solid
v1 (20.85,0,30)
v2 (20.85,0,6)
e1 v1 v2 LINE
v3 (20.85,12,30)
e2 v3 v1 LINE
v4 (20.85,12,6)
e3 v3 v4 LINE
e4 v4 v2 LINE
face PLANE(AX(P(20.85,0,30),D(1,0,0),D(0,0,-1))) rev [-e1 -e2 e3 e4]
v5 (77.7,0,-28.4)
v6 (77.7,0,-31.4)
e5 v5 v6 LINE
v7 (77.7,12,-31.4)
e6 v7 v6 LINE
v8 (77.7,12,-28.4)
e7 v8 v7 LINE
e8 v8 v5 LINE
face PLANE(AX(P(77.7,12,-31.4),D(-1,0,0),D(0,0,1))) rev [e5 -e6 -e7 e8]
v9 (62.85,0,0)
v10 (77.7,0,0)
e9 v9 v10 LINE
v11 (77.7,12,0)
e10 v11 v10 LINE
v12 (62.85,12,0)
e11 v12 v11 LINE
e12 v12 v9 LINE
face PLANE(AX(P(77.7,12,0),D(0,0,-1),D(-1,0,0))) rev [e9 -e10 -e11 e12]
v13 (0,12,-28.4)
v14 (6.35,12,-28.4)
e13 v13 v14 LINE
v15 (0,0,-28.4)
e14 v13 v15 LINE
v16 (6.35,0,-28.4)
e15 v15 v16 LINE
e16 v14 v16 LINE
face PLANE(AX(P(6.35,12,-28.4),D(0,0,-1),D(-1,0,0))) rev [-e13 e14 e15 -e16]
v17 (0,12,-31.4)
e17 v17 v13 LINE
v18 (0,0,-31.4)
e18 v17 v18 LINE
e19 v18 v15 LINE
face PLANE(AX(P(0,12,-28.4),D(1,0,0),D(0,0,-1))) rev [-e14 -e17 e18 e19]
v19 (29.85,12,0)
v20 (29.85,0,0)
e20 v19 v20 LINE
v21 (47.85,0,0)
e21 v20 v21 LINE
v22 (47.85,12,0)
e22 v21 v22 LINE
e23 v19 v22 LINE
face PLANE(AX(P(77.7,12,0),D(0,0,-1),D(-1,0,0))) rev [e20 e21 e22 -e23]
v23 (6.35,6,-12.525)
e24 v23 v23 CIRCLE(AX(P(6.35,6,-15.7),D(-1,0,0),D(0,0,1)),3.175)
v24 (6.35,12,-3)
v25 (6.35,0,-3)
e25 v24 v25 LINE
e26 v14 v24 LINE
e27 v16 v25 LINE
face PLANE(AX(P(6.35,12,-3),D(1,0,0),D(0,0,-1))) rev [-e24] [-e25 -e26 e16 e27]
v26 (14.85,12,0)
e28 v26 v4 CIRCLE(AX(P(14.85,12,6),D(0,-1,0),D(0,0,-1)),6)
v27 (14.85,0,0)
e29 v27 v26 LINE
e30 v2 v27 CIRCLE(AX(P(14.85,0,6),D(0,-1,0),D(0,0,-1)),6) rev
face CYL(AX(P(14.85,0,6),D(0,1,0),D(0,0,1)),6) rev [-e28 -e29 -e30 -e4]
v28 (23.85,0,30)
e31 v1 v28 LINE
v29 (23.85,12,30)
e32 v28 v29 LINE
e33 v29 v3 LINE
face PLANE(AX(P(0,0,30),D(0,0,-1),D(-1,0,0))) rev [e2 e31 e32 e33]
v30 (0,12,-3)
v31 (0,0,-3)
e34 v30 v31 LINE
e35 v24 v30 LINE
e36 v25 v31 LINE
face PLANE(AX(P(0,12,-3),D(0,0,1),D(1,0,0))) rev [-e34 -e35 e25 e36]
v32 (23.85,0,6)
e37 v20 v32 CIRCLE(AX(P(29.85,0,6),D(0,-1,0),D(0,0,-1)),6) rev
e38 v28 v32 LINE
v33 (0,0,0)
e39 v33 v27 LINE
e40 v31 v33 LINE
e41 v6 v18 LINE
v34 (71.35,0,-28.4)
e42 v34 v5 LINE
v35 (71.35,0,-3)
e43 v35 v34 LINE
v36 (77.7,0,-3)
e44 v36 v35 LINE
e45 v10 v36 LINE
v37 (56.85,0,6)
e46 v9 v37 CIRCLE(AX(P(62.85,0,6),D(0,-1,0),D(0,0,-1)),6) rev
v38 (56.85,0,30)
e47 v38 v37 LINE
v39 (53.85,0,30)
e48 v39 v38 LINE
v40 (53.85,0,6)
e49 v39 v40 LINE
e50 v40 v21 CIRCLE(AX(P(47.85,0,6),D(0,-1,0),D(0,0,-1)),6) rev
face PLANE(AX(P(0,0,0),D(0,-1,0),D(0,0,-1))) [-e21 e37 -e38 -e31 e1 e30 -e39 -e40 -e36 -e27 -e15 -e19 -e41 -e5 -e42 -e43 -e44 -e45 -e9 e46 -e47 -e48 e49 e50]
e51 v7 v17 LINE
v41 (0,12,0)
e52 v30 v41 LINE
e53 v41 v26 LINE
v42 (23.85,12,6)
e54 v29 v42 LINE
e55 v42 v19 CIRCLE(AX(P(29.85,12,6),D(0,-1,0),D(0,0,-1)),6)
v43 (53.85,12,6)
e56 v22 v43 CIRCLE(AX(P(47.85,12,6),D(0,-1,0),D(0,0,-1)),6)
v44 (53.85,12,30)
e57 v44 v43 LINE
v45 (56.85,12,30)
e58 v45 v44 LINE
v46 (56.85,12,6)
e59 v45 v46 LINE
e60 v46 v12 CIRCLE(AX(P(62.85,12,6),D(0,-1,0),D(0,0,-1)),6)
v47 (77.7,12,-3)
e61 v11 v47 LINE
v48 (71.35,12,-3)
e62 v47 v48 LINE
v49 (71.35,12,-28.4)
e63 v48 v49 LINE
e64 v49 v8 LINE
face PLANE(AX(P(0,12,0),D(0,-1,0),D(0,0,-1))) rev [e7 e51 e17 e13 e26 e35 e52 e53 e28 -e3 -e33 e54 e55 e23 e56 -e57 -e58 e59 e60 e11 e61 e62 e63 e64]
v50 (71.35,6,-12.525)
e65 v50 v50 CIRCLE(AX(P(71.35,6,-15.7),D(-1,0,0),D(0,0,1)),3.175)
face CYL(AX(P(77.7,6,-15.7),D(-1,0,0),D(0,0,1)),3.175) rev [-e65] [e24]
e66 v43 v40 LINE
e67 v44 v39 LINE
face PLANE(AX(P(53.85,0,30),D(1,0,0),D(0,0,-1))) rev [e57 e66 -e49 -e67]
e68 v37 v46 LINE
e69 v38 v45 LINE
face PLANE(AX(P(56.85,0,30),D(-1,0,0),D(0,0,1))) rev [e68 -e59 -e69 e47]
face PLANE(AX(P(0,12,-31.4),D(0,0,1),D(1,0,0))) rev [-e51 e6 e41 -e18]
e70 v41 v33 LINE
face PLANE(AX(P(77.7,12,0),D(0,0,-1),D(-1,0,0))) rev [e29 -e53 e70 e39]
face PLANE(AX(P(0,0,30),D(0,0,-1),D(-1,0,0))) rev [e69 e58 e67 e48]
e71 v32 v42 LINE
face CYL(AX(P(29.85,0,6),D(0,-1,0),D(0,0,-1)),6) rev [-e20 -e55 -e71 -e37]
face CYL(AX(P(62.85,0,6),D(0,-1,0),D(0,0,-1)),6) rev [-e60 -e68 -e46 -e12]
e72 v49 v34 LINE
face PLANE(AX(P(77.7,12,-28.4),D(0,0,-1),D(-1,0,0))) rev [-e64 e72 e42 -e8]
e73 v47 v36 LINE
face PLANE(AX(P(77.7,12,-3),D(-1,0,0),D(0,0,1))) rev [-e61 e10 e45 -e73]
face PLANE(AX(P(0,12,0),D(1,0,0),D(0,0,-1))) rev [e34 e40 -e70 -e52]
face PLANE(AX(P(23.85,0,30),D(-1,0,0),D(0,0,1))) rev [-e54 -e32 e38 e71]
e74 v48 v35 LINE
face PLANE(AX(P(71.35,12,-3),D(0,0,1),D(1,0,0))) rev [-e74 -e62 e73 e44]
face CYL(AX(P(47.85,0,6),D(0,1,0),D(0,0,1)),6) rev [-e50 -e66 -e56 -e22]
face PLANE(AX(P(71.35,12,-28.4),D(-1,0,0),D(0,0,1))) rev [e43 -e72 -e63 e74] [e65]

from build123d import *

# Parameters (mm, degrees)
BOSS_EXTRUDE1_DEPTH = 12
SKETCH2_R           = 3.175
CUT_EXTRUDE1_DEPTH  = 79.871937341
SKETCH3_W           = 3
SKETCH3_H           = 12
BOSS_EXTRUDE2_DEPTH = 30
FILLET1_R           = 6


with BuildPart() as part:
    # Sketch1 → Boss-Extrude1 (new body)
    with BuildSketch(Plane(origin=(0, 0, 0), x_dir=(1, 0, 0), z_dir=(0, 1, 0))):
        Polygon((0, 0), (0, 3), (6.35, 3), (6.35, 28.4), (0, 28.4), (0, 31.4), (77.7, 31.4), (77.7, 28.4), (71.35, 28.4), (71.35, 3), (77.7, 3), (77.7, 0), align=None)
    extrude(amount=BOSS_EXTRUDE1_DEPTH)

    # Sketch2 → Cut-Extrude1 (cut, through all)
    with BuildSketch(Plane.ZY.offset(-6.35)):
        with Locations((-15.7, 6)):
            Circle(SKETCH2_R)
    extrude(amount=-CUT_EXTRUDE1_DEPTH, mode=Mode.SUBTRACT)

    # Sketch3 → Boss-Extrude2 (add)
    with BuildSketch(Plane.XY):
        with Locations((22.35, 6)):
            Rectangle(SKETCH3_W, SKETCH3_H)
        with Locations((55.35, 6)):
            Rectangle(SKETCH3_W, SKETCH3_H)
    extrude(amount=BOSS_EXTRUDE2_DEPTH)

    # Fillet1
    fillet1_edges = [part.edges().sort_by_distance(p)[0] for p in [
        (20.85, 6, 0),
        (53.85, 6, 0),
        (23.85, 6, 0),
        (56.85, 6, 0),
    ]]
    fillet(fillet1_edges, radius=FILLET1_R)


solid = part.part
